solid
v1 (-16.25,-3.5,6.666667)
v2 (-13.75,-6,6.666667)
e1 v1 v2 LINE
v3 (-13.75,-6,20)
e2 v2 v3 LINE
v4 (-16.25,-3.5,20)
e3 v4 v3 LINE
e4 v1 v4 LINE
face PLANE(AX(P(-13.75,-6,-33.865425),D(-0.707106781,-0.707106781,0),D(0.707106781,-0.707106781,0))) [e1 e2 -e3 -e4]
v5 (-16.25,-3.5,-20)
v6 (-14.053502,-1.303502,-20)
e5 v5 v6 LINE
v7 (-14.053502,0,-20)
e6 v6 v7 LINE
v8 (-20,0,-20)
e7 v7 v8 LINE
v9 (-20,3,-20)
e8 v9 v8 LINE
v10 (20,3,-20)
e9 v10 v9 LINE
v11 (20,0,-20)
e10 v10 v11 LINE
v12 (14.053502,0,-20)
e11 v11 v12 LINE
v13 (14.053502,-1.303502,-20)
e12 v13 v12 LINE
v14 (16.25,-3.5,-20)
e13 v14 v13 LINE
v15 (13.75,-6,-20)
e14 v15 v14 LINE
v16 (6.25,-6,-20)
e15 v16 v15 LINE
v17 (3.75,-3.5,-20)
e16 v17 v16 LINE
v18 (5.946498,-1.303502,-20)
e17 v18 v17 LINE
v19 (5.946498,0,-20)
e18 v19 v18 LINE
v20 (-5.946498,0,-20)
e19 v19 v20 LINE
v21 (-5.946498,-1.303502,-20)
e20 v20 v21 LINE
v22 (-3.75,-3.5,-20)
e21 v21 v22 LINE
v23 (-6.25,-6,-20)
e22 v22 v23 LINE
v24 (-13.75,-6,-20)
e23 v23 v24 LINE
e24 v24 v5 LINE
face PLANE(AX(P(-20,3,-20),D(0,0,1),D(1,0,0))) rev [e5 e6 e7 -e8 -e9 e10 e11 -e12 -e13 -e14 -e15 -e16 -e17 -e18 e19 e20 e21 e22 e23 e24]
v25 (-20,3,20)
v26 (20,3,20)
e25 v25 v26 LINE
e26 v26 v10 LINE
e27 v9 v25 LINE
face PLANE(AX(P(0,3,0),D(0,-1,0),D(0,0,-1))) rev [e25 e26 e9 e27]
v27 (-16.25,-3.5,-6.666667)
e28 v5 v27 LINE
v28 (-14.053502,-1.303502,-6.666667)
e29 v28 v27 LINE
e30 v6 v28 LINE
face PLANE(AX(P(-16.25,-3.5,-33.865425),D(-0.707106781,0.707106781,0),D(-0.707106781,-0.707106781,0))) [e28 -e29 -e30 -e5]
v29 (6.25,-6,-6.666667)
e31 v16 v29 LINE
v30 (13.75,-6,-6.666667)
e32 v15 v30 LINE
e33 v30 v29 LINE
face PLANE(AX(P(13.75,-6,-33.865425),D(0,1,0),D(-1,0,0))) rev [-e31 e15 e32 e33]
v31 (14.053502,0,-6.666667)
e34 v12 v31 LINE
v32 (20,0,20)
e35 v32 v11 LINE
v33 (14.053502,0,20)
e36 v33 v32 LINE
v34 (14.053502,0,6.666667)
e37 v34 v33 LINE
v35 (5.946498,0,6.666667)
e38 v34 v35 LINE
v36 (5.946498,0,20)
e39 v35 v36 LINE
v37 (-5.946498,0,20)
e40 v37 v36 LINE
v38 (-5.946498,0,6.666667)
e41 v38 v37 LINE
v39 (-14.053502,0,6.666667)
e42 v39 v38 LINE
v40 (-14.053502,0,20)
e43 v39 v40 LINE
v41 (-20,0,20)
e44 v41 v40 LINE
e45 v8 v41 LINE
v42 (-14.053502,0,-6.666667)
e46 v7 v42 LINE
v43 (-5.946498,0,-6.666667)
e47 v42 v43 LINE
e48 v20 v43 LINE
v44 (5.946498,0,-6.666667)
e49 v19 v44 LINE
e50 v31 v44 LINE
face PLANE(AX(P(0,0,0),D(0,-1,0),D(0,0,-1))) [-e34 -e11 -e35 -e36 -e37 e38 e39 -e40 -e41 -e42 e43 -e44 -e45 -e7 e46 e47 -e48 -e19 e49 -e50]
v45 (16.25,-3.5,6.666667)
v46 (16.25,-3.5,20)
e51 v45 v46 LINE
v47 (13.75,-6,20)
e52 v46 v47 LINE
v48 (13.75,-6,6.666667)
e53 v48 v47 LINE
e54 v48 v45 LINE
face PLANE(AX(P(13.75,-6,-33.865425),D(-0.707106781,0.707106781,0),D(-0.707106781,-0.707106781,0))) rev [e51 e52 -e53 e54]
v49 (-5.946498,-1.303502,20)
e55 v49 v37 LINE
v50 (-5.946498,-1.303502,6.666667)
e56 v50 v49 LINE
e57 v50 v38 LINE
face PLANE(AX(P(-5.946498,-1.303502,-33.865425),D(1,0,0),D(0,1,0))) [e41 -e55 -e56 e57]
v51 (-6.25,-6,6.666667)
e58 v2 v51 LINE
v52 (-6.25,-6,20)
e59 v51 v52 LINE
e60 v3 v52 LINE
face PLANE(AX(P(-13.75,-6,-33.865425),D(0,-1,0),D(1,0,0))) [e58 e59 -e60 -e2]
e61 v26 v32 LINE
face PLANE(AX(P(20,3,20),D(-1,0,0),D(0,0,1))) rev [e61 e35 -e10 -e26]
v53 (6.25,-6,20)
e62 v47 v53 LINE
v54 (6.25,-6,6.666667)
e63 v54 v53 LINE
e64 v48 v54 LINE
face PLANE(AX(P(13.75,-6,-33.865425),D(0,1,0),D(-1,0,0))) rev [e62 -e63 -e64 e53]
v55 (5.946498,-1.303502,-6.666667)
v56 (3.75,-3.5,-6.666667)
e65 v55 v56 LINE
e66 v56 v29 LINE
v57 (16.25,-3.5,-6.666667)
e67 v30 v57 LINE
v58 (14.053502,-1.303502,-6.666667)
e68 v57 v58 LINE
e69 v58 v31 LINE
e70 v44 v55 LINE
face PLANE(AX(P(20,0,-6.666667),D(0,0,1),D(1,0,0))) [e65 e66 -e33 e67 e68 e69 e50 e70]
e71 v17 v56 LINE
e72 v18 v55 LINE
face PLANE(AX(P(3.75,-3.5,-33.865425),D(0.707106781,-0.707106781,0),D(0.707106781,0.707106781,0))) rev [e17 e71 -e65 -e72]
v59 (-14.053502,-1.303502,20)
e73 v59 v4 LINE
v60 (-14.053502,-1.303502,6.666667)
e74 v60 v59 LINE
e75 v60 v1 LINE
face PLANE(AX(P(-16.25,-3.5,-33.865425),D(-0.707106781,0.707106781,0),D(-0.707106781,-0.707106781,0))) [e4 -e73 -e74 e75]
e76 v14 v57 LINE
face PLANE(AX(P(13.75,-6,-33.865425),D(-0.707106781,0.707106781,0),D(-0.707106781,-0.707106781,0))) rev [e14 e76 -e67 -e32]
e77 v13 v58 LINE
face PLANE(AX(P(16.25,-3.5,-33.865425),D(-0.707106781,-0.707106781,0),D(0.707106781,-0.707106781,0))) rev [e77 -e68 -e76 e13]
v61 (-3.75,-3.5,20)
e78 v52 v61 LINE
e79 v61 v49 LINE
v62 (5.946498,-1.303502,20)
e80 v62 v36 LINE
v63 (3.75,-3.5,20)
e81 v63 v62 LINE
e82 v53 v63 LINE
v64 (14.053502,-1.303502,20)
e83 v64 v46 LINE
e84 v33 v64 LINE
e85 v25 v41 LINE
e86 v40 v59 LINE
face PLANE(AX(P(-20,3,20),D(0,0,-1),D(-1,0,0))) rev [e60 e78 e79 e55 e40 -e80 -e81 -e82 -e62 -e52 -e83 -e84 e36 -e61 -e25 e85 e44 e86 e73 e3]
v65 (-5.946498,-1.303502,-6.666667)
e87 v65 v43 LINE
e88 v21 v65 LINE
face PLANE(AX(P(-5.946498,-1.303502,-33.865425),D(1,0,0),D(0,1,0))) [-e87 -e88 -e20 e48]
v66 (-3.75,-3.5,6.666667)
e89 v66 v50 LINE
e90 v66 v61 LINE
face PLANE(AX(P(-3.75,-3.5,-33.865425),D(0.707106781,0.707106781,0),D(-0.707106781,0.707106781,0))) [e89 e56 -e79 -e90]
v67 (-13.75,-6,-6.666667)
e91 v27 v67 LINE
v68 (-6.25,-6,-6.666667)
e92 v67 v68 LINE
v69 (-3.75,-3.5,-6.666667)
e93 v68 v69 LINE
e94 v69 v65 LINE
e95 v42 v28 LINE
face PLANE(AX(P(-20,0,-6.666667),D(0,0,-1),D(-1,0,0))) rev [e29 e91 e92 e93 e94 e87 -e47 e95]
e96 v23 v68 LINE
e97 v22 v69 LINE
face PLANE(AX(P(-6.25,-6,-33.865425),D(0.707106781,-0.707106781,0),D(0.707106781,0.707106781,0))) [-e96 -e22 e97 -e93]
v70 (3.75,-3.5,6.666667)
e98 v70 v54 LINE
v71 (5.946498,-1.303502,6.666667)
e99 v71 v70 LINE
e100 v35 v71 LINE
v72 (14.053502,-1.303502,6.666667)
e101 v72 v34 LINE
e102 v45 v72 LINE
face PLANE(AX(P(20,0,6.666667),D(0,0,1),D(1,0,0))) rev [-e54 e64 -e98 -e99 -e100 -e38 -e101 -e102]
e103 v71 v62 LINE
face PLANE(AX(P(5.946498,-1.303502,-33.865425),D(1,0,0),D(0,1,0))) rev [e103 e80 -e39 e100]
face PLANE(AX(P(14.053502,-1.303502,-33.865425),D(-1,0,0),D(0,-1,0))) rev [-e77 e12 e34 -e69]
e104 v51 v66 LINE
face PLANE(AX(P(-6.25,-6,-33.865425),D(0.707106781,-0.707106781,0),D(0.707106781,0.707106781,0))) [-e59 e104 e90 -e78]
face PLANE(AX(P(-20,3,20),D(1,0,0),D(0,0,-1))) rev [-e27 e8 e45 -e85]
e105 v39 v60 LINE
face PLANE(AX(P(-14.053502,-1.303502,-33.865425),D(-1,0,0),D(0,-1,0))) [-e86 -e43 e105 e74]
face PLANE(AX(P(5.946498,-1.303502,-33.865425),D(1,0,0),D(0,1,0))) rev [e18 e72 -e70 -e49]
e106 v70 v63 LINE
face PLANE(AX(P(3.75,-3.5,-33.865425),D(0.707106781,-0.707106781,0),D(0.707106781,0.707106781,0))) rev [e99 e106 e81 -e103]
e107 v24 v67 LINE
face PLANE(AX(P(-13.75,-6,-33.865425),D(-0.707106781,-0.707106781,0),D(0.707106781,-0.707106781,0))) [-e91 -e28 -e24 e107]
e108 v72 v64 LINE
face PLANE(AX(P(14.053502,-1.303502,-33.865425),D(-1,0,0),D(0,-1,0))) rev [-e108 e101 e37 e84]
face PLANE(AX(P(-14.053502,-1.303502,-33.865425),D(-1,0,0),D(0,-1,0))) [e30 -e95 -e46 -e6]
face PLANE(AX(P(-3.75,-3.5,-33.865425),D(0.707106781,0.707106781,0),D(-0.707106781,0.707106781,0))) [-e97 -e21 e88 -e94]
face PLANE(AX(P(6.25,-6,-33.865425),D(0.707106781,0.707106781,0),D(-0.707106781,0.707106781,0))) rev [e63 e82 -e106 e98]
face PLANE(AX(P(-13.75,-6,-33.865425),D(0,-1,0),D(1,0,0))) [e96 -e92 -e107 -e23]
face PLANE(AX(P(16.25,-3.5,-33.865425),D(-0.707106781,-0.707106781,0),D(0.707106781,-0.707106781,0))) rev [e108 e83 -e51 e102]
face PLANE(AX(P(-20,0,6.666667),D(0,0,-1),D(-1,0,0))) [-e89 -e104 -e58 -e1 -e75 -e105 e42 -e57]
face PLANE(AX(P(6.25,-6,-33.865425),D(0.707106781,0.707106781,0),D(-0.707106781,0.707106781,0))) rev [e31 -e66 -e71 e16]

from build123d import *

# Parameters (mm, degrees)
SKETCH1_W           = 40
SKETCH1_H           = 40
BOSS_EXTRUDE1_DEPTH = 3
BOSS_EXTRUDE2_DEPTH = 40
SKETCH3_W           = 13.333333334
SKETCH3_H           = 6
CUT_EXTRUDE1_DEPTH  = 29.91366459


with BuildPart() as part:
    # Sketch1 → Boss-Extrude1 (new body)
    with BuildSketch(Plane(origin=(0, 0, 0), x_dir=(1, 0, 0), z_dir=(0, 1, 0))):
        Rectangle(SKETCH1_W, SKETCH1_H)
    extrude(amount=BOSS_EXTRUDE1_DEPTH)

    # Sketch2 → Boss-Extrude2 (add)
    with BuildSketch(Plane.XY.offset(20)):
        Polygon((-13.75, -6), (-6.25, -6), (-3.75, -3.5), (-5.946498308, -1.303501692), (-5.946498308, 0), (-14.053501692, 0), (-14.053501692, -1.303501692), (-16.25, -3.5), align=None)
    boss_extrude2 = extrude(amount=-BOSS_EXTRUDE2_DEPTH)

    # Sketch3 → Cut-Extrude1 (cut, through all)
    with BuildSketch(Plane(origin=(0, 0, 0), x_dir=(0, 0, -1), z_dir=(1, 0, 0))):
        with Locations((0, -3)):
            Rectangle(SKETCH3_W, SKETCH3_H)
    cut_extrude1 = extrude(amount=-CUT_EXTRUDE1_DEPTH, mode=Mode.SUBTRACT)

    # Mirror1: Boss-Extrude2, Cut-Extrude1 across plane
    add(boss_extrude2.mirror(Plane(origin=(0, 0, 0), x_dir=(0, 0, 1), z_dir=(1, 0, 0))))
    add(cut_extrude1.mirror(Plane(origin=(0, 0, 0), x_dir=(0, 0, 1), z_dir=(1, 0, 0))), mode=Mode.SUBTRACT)


solid = part.part
